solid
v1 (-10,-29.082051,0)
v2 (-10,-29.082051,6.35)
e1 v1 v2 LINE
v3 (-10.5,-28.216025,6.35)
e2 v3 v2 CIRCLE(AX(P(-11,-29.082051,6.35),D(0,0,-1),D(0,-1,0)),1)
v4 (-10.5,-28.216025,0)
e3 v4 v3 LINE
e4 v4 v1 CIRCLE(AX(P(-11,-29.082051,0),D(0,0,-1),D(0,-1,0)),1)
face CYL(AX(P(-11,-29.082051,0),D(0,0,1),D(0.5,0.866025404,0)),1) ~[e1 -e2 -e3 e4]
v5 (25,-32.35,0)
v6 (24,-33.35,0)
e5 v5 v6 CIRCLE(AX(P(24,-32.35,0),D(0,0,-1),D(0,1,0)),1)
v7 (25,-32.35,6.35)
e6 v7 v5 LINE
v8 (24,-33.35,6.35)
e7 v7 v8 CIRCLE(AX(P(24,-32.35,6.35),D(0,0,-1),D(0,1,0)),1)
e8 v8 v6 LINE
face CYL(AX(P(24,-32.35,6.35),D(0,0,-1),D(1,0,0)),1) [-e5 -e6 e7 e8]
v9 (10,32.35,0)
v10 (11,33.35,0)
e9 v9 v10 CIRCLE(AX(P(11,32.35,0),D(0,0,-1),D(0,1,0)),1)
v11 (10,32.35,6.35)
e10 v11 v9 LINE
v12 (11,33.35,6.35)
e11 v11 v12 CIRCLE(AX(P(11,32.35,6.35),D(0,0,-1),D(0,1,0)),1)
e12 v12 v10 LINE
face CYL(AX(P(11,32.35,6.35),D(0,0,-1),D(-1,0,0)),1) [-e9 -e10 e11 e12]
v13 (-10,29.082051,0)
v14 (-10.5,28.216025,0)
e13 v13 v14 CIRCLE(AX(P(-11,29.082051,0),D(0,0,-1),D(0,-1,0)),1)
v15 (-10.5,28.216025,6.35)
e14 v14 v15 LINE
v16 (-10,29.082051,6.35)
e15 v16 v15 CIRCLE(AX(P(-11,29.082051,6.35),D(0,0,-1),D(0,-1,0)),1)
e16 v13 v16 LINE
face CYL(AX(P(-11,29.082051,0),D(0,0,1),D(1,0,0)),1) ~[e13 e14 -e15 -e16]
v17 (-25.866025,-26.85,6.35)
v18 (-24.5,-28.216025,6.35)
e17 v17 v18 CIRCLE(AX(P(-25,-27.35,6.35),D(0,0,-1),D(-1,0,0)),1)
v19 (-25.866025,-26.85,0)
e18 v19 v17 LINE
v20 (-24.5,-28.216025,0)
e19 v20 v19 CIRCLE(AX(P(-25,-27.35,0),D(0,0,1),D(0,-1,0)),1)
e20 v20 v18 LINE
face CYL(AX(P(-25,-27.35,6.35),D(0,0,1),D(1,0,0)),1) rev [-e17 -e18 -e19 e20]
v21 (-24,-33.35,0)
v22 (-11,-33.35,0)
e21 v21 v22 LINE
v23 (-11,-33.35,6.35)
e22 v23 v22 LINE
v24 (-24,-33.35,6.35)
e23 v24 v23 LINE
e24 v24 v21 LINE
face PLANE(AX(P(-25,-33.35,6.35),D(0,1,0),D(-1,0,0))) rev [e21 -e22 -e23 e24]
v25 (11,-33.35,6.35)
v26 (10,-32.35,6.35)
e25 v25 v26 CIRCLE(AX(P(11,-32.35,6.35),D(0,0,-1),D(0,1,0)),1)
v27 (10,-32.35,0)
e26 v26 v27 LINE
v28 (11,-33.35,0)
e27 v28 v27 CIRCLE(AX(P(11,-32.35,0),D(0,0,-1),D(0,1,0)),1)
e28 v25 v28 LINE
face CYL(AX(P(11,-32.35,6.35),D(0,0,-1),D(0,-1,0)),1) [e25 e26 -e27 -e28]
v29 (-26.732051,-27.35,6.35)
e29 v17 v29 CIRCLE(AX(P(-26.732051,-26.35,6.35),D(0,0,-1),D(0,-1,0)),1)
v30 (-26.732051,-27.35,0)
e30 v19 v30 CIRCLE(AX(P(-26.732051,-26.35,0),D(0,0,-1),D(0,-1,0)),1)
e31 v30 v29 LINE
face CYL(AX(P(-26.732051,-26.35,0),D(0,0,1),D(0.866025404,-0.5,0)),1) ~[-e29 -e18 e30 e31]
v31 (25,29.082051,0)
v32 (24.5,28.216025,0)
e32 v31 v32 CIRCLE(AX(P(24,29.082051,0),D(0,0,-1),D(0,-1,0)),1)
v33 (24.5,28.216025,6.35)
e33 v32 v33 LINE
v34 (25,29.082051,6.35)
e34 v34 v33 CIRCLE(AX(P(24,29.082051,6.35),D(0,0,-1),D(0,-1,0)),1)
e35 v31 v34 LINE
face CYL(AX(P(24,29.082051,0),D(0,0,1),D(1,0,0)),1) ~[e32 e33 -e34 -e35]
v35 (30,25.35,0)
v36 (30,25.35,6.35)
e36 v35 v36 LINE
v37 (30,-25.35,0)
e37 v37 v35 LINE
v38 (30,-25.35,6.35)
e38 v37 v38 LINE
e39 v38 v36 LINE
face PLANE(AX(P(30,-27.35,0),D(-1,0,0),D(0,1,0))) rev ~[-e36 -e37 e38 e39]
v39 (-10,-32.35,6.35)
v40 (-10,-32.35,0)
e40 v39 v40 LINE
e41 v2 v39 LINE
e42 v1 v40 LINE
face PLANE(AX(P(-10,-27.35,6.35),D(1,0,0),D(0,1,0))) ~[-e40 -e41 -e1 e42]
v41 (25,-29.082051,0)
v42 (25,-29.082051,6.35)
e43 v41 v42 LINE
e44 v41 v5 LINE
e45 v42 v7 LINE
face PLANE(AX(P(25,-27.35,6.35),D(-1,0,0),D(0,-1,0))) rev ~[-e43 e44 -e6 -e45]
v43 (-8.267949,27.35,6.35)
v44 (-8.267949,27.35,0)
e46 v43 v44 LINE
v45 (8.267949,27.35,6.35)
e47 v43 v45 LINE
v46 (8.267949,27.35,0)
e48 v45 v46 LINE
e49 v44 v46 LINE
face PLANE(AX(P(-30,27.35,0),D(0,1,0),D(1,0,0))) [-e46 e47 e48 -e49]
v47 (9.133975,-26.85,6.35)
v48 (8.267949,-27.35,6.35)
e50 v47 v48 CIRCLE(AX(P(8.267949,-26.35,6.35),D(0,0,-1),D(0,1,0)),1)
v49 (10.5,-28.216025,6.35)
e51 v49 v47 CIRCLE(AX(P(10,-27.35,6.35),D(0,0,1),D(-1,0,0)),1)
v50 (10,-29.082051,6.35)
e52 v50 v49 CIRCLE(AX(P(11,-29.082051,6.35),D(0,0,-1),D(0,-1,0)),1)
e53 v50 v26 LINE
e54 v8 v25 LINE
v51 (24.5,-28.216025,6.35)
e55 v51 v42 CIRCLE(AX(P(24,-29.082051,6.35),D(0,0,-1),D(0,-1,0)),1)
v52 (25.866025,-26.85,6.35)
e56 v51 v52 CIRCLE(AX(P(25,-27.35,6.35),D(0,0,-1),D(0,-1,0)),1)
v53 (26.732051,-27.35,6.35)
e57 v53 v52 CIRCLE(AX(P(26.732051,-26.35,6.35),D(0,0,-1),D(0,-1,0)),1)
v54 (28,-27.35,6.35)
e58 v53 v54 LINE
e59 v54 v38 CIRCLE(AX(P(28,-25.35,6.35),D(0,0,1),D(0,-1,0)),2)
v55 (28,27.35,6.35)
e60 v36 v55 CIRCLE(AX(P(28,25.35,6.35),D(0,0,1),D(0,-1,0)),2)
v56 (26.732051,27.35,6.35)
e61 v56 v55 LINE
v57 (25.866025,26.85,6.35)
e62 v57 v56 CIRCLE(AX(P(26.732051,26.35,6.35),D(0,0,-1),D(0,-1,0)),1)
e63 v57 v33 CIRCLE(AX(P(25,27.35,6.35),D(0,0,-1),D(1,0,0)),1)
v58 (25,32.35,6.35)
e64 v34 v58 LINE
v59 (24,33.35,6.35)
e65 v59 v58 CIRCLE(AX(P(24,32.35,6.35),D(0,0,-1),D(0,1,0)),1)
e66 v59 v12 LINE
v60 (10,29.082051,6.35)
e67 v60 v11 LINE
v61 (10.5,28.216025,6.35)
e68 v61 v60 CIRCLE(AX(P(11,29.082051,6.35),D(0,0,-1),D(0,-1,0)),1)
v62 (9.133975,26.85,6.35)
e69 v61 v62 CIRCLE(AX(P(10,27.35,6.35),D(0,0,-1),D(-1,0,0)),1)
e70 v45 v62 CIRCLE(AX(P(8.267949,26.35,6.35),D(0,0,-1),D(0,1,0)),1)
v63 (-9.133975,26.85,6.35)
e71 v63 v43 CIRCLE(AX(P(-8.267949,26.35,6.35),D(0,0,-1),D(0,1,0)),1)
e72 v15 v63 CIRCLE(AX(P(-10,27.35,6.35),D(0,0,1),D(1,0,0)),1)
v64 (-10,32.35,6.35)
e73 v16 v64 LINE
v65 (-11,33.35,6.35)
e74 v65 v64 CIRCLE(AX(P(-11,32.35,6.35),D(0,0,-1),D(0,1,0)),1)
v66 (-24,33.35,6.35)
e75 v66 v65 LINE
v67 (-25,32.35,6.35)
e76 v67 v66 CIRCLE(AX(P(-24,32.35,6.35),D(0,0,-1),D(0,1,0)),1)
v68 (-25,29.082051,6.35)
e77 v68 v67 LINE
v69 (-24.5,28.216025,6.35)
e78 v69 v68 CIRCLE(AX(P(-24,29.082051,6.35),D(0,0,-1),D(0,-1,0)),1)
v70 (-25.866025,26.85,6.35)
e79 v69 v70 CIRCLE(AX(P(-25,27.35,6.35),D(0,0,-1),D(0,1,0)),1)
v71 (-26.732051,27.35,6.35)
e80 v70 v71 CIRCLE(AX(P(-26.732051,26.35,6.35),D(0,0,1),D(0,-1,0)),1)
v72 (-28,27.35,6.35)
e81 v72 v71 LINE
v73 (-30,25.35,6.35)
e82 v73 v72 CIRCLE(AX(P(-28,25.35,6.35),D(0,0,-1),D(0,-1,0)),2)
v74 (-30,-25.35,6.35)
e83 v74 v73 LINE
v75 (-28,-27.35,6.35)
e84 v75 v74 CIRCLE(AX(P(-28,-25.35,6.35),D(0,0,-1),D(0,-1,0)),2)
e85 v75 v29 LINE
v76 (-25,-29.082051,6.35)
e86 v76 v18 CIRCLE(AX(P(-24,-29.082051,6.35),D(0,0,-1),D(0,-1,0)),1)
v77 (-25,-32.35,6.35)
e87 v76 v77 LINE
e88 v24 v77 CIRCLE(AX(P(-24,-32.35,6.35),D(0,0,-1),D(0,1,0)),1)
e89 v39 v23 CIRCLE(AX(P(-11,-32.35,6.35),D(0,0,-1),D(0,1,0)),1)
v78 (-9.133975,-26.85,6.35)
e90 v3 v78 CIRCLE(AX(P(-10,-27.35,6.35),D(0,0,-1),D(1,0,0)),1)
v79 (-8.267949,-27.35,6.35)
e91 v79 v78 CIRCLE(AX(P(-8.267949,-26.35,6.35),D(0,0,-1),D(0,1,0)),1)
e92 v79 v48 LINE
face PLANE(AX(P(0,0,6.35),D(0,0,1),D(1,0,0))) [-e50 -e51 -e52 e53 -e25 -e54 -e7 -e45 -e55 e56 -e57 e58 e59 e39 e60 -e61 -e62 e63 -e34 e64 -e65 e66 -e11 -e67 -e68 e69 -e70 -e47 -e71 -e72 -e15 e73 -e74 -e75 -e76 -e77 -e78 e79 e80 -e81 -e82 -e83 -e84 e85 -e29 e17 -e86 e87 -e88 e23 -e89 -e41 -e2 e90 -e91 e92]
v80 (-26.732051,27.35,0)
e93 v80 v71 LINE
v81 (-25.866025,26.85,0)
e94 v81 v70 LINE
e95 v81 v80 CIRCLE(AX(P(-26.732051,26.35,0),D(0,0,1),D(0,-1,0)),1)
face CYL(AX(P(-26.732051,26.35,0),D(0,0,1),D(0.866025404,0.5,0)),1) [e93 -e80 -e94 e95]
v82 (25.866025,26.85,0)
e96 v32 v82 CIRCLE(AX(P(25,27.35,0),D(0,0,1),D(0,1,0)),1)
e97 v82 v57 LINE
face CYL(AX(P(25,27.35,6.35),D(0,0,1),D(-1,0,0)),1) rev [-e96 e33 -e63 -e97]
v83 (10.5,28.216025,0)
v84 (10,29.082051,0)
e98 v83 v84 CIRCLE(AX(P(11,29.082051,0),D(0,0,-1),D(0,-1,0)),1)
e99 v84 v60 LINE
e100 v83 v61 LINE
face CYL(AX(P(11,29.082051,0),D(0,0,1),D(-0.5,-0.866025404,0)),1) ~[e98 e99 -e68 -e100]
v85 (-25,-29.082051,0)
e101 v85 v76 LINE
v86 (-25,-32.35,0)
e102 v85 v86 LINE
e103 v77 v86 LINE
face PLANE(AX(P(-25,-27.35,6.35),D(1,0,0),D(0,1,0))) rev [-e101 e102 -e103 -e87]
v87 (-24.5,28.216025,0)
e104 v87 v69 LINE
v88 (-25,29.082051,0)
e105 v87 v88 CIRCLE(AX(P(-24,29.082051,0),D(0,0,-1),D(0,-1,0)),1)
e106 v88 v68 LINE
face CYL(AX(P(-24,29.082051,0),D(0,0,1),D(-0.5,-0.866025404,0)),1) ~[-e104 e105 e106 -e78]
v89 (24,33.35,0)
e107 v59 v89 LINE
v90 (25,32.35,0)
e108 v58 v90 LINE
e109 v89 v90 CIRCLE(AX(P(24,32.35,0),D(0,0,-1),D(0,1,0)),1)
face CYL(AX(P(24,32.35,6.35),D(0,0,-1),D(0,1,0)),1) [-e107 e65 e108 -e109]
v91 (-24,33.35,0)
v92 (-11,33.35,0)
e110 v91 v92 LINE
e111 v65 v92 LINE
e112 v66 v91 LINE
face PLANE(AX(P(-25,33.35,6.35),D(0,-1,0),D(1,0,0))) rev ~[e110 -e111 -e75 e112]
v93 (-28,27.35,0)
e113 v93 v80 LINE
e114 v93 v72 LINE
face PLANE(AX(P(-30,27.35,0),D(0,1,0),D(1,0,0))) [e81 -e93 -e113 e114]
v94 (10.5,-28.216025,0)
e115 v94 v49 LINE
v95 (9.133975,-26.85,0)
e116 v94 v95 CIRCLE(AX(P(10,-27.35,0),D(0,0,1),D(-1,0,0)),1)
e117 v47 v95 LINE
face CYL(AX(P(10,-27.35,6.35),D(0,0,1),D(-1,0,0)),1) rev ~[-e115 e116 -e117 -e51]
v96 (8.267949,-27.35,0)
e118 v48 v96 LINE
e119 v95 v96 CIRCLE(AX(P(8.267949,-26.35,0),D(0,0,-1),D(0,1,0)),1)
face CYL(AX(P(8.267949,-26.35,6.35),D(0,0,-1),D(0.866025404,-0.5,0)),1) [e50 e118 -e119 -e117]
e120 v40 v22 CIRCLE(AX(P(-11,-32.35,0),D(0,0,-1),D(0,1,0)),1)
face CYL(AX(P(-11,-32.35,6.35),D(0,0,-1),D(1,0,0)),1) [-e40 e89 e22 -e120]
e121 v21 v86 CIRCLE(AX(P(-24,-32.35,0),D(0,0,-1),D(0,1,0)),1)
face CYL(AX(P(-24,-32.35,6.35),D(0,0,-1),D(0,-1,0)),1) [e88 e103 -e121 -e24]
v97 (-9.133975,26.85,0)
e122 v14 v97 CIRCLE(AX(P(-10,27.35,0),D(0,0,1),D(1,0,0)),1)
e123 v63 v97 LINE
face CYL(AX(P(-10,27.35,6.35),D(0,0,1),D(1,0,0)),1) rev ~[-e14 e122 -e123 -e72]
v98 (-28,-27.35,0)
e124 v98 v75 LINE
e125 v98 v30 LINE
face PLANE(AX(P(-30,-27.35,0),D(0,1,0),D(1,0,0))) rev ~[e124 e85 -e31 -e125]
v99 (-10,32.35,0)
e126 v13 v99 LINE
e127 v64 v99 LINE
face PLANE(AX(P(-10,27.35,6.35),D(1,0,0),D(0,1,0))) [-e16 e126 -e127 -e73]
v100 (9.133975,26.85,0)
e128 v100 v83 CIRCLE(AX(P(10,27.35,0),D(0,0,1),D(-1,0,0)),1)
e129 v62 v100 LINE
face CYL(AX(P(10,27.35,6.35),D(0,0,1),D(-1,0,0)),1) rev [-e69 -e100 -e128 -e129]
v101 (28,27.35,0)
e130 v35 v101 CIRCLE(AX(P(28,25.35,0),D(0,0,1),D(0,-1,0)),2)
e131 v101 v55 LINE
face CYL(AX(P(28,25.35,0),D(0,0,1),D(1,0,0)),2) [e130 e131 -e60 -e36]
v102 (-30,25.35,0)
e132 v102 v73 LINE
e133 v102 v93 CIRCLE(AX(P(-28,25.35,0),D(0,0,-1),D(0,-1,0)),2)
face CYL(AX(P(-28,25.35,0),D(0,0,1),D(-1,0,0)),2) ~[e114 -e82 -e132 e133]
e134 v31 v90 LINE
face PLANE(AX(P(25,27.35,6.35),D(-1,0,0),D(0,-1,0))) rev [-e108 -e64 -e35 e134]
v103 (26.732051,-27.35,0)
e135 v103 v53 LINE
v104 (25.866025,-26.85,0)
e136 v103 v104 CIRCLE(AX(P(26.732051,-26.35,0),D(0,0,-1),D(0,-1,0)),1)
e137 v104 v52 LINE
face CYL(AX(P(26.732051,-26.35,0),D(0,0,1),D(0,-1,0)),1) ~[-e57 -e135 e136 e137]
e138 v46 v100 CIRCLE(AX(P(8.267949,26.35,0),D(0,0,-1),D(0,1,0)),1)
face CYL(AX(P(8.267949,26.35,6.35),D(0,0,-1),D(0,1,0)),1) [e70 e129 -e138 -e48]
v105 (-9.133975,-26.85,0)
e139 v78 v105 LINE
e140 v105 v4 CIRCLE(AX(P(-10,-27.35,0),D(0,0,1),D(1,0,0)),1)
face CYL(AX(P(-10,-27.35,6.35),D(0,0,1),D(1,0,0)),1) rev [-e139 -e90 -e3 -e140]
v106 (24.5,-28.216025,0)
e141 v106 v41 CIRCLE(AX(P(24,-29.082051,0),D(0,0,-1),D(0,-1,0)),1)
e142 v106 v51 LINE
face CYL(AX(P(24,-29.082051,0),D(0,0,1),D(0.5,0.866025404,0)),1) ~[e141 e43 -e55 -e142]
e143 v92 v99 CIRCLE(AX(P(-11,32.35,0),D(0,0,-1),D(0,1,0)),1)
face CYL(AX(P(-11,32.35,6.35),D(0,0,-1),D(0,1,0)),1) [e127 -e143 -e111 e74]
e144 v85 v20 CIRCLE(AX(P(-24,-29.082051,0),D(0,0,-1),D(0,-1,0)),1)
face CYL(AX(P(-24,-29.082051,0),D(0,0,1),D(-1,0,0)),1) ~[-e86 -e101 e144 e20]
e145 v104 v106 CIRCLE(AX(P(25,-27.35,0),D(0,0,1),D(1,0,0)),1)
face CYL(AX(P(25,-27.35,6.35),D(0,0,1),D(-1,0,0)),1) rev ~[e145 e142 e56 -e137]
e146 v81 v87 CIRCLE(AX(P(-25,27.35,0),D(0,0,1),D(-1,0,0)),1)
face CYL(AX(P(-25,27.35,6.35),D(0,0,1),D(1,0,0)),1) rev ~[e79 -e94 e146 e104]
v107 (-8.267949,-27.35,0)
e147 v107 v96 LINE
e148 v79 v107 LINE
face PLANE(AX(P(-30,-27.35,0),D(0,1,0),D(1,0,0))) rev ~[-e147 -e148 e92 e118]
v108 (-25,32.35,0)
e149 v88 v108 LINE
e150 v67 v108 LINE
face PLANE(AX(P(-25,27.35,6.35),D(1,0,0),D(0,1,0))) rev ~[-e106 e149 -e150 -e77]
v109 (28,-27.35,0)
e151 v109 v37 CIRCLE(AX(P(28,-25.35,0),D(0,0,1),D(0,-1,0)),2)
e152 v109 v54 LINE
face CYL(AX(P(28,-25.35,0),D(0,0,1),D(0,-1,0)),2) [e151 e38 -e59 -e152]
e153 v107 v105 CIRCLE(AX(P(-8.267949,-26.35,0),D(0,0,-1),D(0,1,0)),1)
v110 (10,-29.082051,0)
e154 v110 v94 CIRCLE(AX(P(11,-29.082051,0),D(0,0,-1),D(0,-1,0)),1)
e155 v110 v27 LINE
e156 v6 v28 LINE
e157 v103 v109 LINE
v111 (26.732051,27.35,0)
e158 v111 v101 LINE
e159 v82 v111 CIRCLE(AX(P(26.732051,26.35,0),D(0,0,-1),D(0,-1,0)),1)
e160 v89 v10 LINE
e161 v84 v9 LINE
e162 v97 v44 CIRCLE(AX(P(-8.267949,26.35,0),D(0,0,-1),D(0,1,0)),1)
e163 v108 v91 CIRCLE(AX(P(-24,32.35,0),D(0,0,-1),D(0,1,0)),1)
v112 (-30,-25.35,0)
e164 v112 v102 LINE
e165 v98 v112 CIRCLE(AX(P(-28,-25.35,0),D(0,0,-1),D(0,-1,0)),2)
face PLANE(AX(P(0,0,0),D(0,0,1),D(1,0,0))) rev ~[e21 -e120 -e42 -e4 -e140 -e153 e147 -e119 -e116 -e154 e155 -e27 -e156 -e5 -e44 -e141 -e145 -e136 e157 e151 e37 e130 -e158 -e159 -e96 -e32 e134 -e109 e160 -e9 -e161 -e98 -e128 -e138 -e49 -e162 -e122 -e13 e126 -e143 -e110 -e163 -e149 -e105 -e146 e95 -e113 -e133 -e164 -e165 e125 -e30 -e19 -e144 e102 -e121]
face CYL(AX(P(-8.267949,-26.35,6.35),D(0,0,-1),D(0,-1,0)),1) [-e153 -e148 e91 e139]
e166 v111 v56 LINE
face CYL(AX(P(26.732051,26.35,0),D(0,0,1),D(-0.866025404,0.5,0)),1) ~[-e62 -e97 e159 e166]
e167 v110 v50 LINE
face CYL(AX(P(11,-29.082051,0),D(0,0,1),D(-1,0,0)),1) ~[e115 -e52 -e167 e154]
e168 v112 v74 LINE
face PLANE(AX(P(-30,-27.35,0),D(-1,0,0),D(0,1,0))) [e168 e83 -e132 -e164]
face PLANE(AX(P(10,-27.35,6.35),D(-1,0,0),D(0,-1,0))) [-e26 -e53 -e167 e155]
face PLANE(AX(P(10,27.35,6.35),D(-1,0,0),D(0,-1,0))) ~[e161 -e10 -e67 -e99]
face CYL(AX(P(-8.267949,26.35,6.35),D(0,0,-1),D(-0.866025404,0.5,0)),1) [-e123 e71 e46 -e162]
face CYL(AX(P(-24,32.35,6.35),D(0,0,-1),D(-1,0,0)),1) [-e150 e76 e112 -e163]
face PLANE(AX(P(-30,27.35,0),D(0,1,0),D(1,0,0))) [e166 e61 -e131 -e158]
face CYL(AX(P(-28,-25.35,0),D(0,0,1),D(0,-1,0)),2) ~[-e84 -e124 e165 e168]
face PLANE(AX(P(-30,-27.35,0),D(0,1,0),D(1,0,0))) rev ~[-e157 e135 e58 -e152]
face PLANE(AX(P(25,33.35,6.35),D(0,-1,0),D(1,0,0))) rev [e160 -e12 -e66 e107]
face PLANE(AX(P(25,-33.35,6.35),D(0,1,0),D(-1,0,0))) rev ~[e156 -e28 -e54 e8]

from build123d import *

# Parameters (mm, degrees)
SKETCH1_W               = 60
SKETCH1_H               = 54.7
BOSS_EXTRUDE1_DEPTH     = 6.35
SKETCH2_W               = 15
SKETCH2_H               = 6
BOSS_EXTRUDE2_DEPTH     = 6.35
SKETCH3_R               = 1
CUT_EXTRUDE1_DEPTH      = 7.35
MIRROR2_COPY_1_SKETCH_W = 15
MIRROR2_COPY_1_SKETCH_H = 6
MIRROR2_COPY_1_DEPTH    = 6.35
MIRROR2_COPY_2_SKETCH_R = 1
MIRROR2_COPY_2_DEPTH    = 7.35
FILLET1_R               = 1
FILLET2_R               = 2


with BuildPart() as part:
    # Sketch1 → Boss-Extrude1 (new body)
    with BuildSketch(Plane.XY):
        Rectangle(SKETCH1_W, SKETCH1_H)
    extrude(amount=BOSS_EXTRUDE1_DEPTH)

    # Sketch2 → Boss-Extrude2 (add)
    with BuildSketch(Plane.XY.offset(6.35)):
        with Locations((-17.5, 30.35)):
            Rectangle(SKETCH2_W, SKETCH2_H)
    boss_extrude2 = extrude(amount=-BOSS_EXTRUDE2_DEPTH)

    # Sketch3 → Cut-Extrude1 (cut, through all)
    with BuildSketch(Plane.XY.offset(6.35)):
        with Locations((-25, 27.35)):
            Circle(SKETCH3_R)
        with Locations((-10, 27.35)):
            Circle(SKETCH3_R)
    cut_extrude1 = extrude(amount=-CUT_EXTRUDE1_DEPTH, mode=Mode.SUBTRACT)

    # Mirror1: Boss-Extrude2, Cut-Extrude1 across plane
    add(boss_extrude2.mirror(Plane(origin=(0, 0, 0), x_dir=(0, 0, 1), z_dir=(1, 0, 0))))
    add(cut_extrude1.mirror(Plane(origin=(0, 0, 0), x_dir=(0, 0, 1), z_dir=(1, 0, 0))), mode=Mode.SUBTRACT)

    # Mirror2: Boss-Extrude2, Cut-Extrude1 across plane
    add(boss_extrude2.mirror(Plane.ZX))
    add(cut_extrude1.mirror(Plane.ZX), mode=Mode.SUBTRACT)

    # Mirror2 copy 1 sketch → Mirror2 copy 1 (add)
    with BuildSketch(Plane(origin=(0, 0, 6.35), x_dir=(-1, 0, 0), z_dir=(0, 0, 1))):
        with Locations((-17.5, 30.35)):
            Rectangle(MIRROR2_COPY_1_SKETCH_W, MIRROR2_COPY_1_SKETCH_H)
    extrude(amount=-MIRROR2_COPY_1_DEPTH)

    # Mirror2 copy 2 sketch → Mirror2 copy 2 (cut, through all)
    with BuildSketch(Plane(origin=(0, 0, 6.35), x_dir=(-1, 0, 0), z_dir=(0, 0, 1))):
        with Locations((-25, 27.35)):
            Circle(MIRROR2_COPY_2_SKETCH_R)
        with Locations((-10, 27.35)):
            Circle(MIRROR2_COPY_2_SKETCH_R)
    extrude(amount=-MIRROR2_COPY_2_DEPTH, mode=Mode.SUBTRACT)

    # Fillet1
    fillet1_edges = [part.edges().sort_by_distance(p)[0] for p in [
        (26, -27.35, 3.175),
        (9, -27.35, 3.175),
        (-10, -33.35, 3.175),
        (-25, -33.35, 3.175),
        (-25, -28.35, 3.175),
        (-10, -28.35, 3.175),
        (-26, -27.35, 3.175),
        (-9, -27.35, 3.175),
        (-25, 33.35, 3.175),
        (-10, 33.35, 3.175),
        (-10, 28.35, 3.175),
        (-25, 28.35, 3.175),
        (-26, 27.35, 3.175),
        (-9, 27.35, 3.175),
        (10, 33.35, 3.175),
        (25, 33.35, 3.175),
        (25, 28.35, 3.175),
        (10, 28.35, 3.175),
        (26, 27.35, 3.175),
        (9, 27.35, 3.175),
        (25, -33.35, 3.175),
        (10, -33.35, 3.175),
        (10, -28.35, 3.175),
        (25, -28.35, 3.175),
    ]]
    fillet(fillet1_edges, radius=FILLET1_R)

    # Fillet2
    fillet2_edges = [part.edges().sort_by_distance(p)[0] for p in [
        (-30, 27.35, 3.175),
        (30, 27.35, 3.175),
        (30, -27.35, 3.175),
        (-30, -27.35, 3.175),
    ]]
    fillet(fillet2_edges, radius=FILLET2_R)


solid = part.part
